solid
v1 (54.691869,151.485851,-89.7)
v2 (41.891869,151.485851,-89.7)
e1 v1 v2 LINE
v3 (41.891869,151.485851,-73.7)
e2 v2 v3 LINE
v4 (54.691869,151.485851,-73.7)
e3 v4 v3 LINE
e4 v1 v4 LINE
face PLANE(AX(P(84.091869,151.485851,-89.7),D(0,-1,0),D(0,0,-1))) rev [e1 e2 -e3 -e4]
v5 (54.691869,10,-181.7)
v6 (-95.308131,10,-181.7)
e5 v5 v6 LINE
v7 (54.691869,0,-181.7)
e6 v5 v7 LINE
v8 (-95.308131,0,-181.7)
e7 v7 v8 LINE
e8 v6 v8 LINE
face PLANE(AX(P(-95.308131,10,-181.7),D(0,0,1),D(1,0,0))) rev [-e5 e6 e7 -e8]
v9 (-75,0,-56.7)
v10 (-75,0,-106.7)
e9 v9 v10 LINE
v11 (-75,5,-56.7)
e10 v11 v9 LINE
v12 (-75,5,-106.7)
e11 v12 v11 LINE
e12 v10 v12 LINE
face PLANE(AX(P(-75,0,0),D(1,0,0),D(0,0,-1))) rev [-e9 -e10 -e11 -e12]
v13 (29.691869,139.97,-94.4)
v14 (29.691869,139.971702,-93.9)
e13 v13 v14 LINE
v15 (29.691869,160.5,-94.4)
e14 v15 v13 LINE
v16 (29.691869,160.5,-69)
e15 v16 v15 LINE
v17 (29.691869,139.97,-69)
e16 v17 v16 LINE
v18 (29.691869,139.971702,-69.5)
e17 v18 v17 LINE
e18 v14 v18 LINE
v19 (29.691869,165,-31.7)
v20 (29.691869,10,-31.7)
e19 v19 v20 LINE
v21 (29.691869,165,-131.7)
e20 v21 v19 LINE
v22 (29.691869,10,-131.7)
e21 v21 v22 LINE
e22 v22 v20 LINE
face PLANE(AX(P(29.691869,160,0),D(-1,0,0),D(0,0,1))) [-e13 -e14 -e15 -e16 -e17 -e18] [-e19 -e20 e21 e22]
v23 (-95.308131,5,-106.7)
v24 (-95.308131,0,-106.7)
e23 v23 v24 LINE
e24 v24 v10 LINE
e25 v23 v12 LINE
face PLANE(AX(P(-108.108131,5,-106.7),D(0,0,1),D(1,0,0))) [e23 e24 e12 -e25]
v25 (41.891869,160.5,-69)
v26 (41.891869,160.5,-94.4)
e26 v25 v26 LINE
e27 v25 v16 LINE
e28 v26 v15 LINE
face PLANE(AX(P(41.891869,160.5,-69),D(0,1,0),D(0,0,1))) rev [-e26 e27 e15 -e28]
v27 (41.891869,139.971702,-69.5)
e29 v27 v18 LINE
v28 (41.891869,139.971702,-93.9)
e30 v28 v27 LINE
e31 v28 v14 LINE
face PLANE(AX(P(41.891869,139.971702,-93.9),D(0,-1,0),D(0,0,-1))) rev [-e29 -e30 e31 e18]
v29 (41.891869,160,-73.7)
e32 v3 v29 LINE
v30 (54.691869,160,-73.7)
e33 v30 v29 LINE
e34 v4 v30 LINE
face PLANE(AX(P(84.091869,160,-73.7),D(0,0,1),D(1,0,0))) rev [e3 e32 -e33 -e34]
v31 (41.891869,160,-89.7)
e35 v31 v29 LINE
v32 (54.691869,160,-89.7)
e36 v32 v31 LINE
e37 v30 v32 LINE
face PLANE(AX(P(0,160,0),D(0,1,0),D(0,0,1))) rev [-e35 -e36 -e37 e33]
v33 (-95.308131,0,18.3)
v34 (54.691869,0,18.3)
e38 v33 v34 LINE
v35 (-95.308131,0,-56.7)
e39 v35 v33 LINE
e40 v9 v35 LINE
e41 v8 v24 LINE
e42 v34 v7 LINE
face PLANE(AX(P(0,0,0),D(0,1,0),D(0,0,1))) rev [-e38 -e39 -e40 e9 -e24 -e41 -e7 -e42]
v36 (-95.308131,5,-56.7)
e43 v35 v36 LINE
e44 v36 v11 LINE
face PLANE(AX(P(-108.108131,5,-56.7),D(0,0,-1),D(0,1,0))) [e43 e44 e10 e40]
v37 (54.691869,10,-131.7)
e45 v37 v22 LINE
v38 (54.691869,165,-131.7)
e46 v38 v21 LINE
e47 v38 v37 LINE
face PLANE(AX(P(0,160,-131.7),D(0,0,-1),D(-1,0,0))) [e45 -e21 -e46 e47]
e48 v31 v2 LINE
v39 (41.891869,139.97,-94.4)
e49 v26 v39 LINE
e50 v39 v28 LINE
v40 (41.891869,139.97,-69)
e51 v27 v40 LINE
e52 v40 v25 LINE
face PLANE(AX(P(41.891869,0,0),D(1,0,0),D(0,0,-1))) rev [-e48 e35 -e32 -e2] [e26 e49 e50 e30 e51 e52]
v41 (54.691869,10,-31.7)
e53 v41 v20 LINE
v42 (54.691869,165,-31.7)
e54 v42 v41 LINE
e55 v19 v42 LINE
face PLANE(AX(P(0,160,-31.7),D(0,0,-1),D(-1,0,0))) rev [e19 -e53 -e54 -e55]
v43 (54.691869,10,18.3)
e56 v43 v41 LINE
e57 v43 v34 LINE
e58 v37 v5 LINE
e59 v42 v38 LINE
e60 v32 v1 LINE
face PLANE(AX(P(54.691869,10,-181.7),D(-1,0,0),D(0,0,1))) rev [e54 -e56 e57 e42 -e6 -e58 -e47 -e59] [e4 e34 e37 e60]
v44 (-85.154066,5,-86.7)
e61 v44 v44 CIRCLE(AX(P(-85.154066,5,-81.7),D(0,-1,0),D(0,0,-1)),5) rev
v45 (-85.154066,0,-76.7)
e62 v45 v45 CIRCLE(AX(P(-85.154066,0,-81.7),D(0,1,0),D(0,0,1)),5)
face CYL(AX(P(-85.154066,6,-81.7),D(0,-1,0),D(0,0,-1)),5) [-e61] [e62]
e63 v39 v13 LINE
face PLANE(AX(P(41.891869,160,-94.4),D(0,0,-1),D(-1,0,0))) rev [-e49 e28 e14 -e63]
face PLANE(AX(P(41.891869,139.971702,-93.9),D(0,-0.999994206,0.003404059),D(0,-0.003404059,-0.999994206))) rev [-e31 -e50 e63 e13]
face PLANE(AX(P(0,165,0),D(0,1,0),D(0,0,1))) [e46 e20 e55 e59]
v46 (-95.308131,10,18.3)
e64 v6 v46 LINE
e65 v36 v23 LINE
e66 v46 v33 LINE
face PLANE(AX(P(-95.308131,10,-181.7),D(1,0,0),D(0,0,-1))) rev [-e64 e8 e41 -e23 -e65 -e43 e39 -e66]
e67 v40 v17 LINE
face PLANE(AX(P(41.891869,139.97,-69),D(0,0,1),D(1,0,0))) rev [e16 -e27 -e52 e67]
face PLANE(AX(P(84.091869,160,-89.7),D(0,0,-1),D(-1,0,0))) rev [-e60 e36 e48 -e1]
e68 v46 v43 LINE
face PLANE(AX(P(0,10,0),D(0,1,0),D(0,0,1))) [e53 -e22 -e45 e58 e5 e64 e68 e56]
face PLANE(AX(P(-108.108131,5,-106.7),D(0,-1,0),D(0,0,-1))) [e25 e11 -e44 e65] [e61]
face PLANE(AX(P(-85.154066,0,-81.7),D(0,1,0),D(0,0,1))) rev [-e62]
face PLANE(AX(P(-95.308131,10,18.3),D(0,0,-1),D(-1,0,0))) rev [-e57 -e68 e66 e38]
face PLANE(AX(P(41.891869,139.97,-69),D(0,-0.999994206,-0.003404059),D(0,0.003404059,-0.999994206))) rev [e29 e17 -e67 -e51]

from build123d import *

# Parameters (mm, degrees)
ESQUISSE2_W             = 150
ESQUISSE2_H             = 200
BOSS_EXTRU_6_DEPTH      = 10
ESQUISSE4_W             = 25
ESQUISSE4_H             = 100
BOSS_EXTRU_7_DEPTH      = 160
ESQUISSE8_W             = 24.4
ESQUISSE8_H             = 20.028297961
ENL_V_MAT_EXTRU_1_DEPTH = 12.2
ESQUISSE9_W             = 12
ESQUISSE9_H             = 5
ENL_V_MAT_EXTRU_2_DEPTH = 42.2
ESQUISSE11_W            = 16
ESQUISSE11_H            = 8.51414898
ENL_V_MAT_EXTRU_3_DEPTH = 42.2
ENL_V_MAT_EXTRU_6_DEPTH = 12.2
ESQUISSE13_W            = 25
ESQUISSE13_H            = 100
BOSS_EXTRU_8_DEPTH      = 5
ESQUISSE14_W            = 25.4
ESQUISSE14_H            = 0.5
ENL_V_MAT_EXTRU_7_DEPTH = 12.2
ESQUISSE19_W            = 50
ESQUISSE19_H            = 5
ENL_V_MAT_EXTRU_8_DEPTH = 150
BOSS_EXTRU_9_DEPTH      = 42
BOSS_EXTRU_9_DEPTH_BACK = 75
ESQUISSE21_W            = 50
ESQUISSE21_H            = 5
ESQUISSE22_R            = 5
BOSS_EXTRU_10_DEPTH     = 6


with BuildPart() as part:
    # Esquisse2 → Boss.-Extru.6 (new body)
    with BuildSketch(Plane(origin=(0, 0, 0), x_dir=(1, 0, 0), z_dir=(0, 1, 0))):
        with Locations((-20.308131119, 81.7)):
            Rectangle(ESQUISSE2_W, ESQUISSE2_H)
    extrude(amount=BOSS_EXTRU_6_DEPTH)

    # Esquisse4 → Boss.-Extru.7 (add)
    with BuildSketch(Plane(origin=(0, 0, 0), x_dir=(1, 0, 0), z_dir=(0, 1, 0))):
        with Locations((42.191868881, 81.7)):
            Rectangle(ESQUISSE4_W, ESQUISSE4_H)
    extrude(amount=BOSS_EXTRU_7_DEPTH)

    # Esquisse8 → Enlèv. mat.-Extru.1 (cut)
    with BuildSketch(Plane.ZY.offset(-29.691868881)):
        with Locations((-81.7, 149.985851019)):
            Rectangle(ESQUISSE8_W, ESQUISSE8_H)
    extrude(amount=-ENL_V_MAT_EXTRU_1_DEPTH, mode=Mode.SUBTRACT)

    # Esquisse9 → Enlèv. mat.-Extru.2 (cut)
    with BuildSketch(Plane.ZY.offset(-41.891868881)):
        with Locations((-81.7, 155.98585102)):
            Rectangle(ESQUISSE9_W, ESQUISSE9_H)
    extrude(amount=-ENL_V_MAT_EXTRU_2_DEPTH, mode=Mode.SUBTRACT)

    # Esquisse11 → Enlèv. mat.-Extru.3 (cut)
    with BuildSketch(Plane.ZY.offset(-41.891868881)):
        with Locations((-81.7, 155.74292551)):
            Rectangle(ESQUISSE11_W, ESQUISSE11_H)
    extrude(amount=-ENL_V_MAT_EXTRU_3_DEPTH, mode=Mode.SUBTRACT)

    # Esquisse12 → Enlèv. mat.-Extru.6 (cut)
    with BuildSketch(Plane.ZY.offset(-29.691868881)):
        Polygon((-94.4, 160), (-94.4, 139.97), (-93.9, 139.971702039), (-93.9, 160), align=None)
        Polygon((-69, 139.97), (-69, 160), (-69.5, 160), (-69.5, 139.971702039), align=None)
    extrude(amount=-ENL_V_MAT_EXTRU_6_DEPTH, mode=Mode.SUBTRACT)

    # Esquisse13 → Boss.-Extru.8 (add)
    with BuildSketch(Plane(origin=(0, 160, 0), x_dir=(1, 0, 0), z_dir=(0, 1, 0))):
        with Locations((42.191868881, 81.7)):
            Rectangle(ESQUISSE13_W, ESQUISSE13_H)
    extrude(amount=BOSS_EXTRU_8_DEPTH)

    # Esquisse14 → Enlèv. mat.-Extru.7 (cut)
    with BuildSketch(Plane.ZY.offset(-29.691868881)):
        with Locations((-81.7, 160.25)):
            Rectangle(ESQUISSE14_W, ESQUISSE14_H)
    extrude(amount=-ENL_V_MAT_EXTRU_7_DEPTH, mode=Mode.SUBTRACT)

    # Esquisse19 → Enlèv. mat.-Extru.8 (cut)
    with BuildSketch(Plane.ZY.offset(-41.891868881)):
        with Locations((-81.7, 2.5)):
            Rectangle(ESQUISSE19_W, ESQUISSE19_H)
    extrude(amount=ENL_V_MAT_EXTRU_8_DEPTH, mode=Mode.SUBTRACT)

    # Esquisse21 → Boss.-Extru.9 (add, two sides: drawn at the far end of the back side and taken through both)
    with BuildSketch(Plane(origin=(0, 0, 0), x_dir=(0, 0, -1), z_dir=(1, 0, 0)).offset(-BOSS_EXTRU_9_DEPTH_BACK)):
        with Locations((81.7, 2.5)):
            Rectangle(ESQUISSE21_W, ESQUISSE21_H)
    extrude(amount=BOSS_EXTRU_9_DEPTH + BOSS_EXTRU_9_DEPTH_BACK)

    # Esquisse22 → Boss.-Extru.10 (add)
    with BuildSketch(Plane(origin=(0, 0, 0), x_dir=(1, 0, 0), z_dir=(0, 1, 0))):
        with Locations(Location((-85.154065559, 81.7, 0), (0, 0, 90))):
            Circle(ESQUISSE22_R)
    extrude(amount=BOSS_EXTRU_10_DEPTH)


solid = part.part
